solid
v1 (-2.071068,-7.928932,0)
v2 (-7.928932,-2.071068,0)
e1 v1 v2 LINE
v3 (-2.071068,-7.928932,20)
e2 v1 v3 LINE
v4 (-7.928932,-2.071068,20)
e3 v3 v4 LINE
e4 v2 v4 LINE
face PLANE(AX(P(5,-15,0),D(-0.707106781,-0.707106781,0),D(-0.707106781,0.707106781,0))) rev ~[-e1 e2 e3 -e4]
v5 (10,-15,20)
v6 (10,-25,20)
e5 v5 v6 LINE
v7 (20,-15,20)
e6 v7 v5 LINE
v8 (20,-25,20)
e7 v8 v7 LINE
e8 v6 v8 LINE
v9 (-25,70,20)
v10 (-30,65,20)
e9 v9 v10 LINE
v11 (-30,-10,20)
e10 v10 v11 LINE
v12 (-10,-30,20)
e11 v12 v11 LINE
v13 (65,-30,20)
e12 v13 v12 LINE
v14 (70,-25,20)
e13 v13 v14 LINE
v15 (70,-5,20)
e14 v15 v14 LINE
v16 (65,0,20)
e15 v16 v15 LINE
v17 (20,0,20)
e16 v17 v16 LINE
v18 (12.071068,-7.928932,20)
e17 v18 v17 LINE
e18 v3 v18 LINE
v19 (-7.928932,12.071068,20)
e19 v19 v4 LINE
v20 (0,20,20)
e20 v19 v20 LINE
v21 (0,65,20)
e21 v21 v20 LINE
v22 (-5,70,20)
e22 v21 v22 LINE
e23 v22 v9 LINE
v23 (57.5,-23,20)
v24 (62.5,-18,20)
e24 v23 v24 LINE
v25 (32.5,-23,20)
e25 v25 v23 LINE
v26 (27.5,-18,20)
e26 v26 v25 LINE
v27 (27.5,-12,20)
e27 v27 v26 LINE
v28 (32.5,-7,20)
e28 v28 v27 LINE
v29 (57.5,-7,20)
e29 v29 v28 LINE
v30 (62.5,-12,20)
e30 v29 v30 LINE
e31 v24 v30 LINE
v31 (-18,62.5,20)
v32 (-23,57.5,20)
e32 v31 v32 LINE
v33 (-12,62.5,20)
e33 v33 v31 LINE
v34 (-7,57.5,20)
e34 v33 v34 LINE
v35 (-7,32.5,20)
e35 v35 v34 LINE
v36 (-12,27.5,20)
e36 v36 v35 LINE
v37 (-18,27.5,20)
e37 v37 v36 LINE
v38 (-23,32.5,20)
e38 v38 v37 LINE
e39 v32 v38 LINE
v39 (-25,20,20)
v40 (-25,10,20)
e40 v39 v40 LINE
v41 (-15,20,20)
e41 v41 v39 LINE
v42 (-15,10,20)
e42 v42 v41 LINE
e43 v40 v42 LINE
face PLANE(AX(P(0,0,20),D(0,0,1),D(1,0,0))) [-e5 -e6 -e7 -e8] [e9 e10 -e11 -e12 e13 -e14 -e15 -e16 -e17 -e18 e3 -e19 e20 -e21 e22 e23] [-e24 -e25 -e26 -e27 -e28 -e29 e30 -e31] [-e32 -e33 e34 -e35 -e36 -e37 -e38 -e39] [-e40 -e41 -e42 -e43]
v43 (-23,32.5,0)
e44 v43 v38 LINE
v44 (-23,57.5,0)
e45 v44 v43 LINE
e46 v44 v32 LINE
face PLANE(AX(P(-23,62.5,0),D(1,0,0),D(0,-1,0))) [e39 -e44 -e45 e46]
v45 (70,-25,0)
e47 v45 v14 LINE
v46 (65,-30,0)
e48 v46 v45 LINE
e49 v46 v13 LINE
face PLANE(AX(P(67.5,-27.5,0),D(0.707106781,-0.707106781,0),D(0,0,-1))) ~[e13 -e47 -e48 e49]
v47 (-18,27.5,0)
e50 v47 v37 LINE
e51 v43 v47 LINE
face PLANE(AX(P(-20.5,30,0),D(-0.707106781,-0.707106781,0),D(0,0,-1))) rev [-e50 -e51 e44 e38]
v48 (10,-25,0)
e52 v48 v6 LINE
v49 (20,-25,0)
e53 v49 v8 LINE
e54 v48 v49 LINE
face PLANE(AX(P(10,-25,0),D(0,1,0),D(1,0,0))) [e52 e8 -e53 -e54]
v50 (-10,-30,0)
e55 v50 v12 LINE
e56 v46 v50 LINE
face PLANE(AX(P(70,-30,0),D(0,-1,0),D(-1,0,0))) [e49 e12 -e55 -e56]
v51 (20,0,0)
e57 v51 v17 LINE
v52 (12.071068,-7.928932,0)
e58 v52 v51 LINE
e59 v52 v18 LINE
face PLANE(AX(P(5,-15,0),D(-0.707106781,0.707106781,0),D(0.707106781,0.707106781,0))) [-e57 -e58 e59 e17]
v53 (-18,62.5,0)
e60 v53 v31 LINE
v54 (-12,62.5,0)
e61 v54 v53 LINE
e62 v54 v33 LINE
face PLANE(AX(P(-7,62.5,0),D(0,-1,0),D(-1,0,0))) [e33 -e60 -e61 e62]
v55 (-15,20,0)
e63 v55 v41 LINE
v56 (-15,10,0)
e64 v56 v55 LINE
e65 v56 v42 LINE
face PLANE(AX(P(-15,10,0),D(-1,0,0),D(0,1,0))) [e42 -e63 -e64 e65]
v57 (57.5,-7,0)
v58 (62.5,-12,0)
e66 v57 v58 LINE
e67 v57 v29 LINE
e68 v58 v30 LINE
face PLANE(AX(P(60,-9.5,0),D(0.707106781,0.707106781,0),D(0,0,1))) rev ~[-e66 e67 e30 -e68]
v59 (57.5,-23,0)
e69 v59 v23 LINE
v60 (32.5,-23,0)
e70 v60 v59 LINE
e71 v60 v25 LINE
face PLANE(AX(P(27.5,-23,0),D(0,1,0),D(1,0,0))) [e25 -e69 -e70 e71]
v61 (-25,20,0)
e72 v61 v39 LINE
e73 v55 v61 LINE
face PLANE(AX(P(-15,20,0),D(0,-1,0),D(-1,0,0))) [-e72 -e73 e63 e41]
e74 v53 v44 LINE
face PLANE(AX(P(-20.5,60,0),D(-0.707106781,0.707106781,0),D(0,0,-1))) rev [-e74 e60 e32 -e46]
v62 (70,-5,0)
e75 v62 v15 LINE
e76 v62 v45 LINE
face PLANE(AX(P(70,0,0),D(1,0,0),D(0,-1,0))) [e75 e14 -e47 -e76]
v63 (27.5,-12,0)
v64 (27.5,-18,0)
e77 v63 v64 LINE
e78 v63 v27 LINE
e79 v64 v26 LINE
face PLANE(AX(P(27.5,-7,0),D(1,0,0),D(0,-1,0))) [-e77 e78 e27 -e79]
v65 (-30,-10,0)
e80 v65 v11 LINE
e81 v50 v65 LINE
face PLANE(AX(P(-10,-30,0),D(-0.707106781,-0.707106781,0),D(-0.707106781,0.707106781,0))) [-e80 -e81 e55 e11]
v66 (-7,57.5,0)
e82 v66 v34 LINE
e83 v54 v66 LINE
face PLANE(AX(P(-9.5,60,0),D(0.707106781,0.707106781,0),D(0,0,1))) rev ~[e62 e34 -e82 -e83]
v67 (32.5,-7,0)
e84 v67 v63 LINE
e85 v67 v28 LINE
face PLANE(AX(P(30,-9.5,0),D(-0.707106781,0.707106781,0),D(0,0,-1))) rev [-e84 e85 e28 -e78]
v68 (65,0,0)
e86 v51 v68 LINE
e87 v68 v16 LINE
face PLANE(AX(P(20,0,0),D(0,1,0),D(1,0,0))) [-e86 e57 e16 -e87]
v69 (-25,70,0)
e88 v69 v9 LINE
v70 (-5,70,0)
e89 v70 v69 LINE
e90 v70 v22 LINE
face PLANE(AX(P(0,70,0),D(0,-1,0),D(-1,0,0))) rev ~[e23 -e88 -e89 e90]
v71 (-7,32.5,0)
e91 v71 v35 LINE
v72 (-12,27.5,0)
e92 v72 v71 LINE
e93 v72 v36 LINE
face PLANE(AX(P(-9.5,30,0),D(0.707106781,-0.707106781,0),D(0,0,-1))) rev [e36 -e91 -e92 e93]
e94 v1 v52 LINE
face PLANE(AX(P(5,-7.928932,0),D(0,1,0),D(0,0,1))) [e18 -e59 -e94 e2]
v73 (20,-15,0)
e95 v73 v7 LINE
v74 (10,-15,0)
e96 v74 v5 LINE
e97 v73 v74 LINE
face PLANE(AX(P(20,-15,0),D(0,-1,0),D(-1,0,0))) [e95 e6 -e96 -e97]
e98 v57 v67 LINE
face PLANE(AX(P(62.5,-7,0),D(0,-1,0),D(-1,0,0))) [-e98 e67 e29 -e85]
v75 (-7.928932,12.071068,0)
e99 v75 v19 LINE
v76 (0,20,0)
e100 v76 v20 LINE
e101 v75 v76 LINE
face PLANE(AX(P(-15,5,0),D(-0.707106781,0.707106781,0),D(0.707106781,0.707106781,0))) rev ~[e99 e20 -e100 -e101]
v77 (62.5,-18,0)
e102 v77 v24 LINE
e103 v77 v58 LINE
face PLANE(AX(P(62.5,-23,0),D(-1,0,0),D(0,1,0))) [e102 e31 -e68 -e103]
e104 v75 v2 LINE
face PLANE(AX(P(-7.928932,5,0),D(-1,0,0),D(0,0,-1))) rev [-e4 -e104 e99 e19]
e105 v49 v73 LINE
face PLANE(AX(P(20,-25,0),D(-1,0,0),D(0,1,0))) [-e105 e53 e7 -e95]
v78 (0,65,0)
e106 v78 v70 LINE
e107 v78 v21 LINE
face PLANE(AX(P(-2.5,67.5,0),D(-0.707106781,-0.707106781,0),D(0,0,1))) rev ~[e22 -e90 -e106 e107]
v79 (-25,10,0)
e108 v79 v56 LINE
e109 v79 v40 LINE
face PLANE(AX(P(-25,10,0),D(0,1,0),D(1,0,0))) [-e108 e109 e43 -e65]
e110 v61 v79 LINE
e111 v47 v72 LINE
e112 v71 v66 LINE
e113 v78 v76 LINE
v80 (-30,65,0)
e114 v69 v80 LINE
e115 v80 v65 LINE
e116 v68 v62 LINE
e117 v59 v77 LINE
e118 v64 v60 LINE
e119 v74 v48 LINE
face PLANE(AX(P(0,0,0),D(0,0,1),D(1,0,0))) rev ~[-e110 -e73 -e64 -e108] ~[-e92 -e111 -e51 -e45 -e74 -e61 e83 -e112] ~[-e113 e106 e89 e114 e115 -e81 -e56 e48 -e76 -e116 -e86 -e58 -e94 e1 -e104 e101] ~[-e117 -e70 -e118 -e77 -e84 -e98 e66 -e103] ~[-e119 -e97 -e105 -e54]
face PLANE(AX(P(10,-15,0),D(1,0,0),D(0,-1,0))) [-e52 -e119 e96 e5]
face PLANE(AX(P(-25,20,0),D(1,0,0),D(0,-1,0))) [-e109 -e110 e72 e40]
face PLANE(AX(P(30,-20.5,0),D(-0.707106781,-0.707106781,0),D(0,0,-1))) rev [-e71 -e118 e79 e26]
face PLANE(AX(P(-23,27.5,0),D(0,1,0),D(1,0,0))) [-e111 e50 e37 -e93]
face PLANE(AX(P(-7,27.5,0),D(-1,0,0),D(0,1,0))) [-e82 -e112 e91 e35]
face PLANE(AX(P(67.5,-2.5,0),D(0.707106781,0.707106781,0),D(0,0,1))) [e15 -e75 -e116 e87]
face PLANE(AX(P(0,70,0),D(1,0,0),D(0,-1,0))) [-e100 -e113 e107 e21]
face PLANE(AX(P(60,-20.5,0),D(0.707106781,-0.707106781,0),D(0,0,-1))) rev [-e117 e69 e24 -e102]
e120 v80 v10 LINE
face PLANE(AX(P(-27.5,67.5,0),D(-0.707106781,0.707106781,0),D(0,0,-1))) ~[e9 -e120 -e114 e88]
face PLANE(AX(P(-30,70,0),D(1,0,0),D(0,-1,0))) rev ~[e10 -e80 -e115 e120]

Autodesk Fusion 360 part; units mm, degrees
sketch "Sketch1" plane through (0, 0, 0) normal (0, 0, 1) x (1, 0, 0)
  line L0 (-30, 70) -> (-30, -10)
  line L1 (70, -30) -> (-10, -30)
  line L2 (0, 70) -> (-30, 70)
  line L3 (70, 0) -> (70, -30)
  line L4 (-10, -30) -> (-30, -10)
  line L5 (5, -15) -> (-15, 5)
  line L6 (-15, 5) -> (0, 20)
  line L7 (5, -15) -> (20, 0)
  line L8 (0, 70) -> (0, 0)
  line L9 (0, 0) -> (70, 0)
  line L10 (62.5, -7) -> (27.5, -7)
  line L11 (27.5, -7) -> (27.5, -23)
  line L12 (27.5, -23) -> (62.5, -23)
  line L13 (62.5, -23) -> (62.5, -7)
  line L14 (62.5, -7) -> (27.5, -23) construction
  line L15 (27.5, -7) -> (62.5, -23) construction
  line L16 (-7, 62.5) -> (-23, 62.5)
  line L17 (-23, 62.5) -> (-23, 27.5)
  line L18 (-23, 27.5) -> (-7, 27.5)
  line L19 (-7, 27.5) -> (-7, 62.5)
  line L20 (-7, 62.5) -> (-23, 27.5) construction
  line L21 (-23, 62.5) -> (-7, 27.5) construction
  line L22 (-25, 10) -> (-15, 10)
  line L23 (-15, 10) -> (-15, 20)
  line L24 (-15, 20) -> (-25, 20)
  line L25 (-25, 20) -> (-25, 10)
  line L26 (-25, 10) -> (-15, 20) construction
  line L27 (-15, 10) -> (-25, 20) construction
  line L28 (10, -25) -> (20, -25)
  line L29 (20, -25) -> (20, -15)
  line L30 (20, -15) -> (10, -15)
  line L31 (10, -15) -> (10, -25)
  line L32 (10, -25) -> (20, -15) construction
  line L33 (20, -25) -> (10, -15) construction
  point P0 (45, -15)
  point P1 (-15, 45)
  point P2 (-20, 15)
  point P3 (15, -20)
  dimension "d15" = 35
  dimension "d16" = 16
  dimension "d17" = 16
  dimension "d18" = 35
extrude "Extrude1" add sketch "Sketch1" along normal blind 20 contours L0 L1 L2 L3 L4 L5 L6 L7 L8 L9
chamfer "Chamfer1" distance 10 angle 45 2 edges at (-15, 5, 10) (5, -15, 10)
chamfer "Chamfer3" distance 5 angle 45 8 edges at (-23, 62.5, 10) (-7, 62.5, 10) (-7, 27.5, 10) (-23, 27.5, 10) (27.5, -23, 10) (27.5, -7, 10) (62.5, -7, 10) (62.5, -23, 10)
chamfer "Chamfer4" distance 5 angle 45 4 edges at (-30, 70, 10) (0, 70, 10) (70, 0, 10) (70, -30, 10)
